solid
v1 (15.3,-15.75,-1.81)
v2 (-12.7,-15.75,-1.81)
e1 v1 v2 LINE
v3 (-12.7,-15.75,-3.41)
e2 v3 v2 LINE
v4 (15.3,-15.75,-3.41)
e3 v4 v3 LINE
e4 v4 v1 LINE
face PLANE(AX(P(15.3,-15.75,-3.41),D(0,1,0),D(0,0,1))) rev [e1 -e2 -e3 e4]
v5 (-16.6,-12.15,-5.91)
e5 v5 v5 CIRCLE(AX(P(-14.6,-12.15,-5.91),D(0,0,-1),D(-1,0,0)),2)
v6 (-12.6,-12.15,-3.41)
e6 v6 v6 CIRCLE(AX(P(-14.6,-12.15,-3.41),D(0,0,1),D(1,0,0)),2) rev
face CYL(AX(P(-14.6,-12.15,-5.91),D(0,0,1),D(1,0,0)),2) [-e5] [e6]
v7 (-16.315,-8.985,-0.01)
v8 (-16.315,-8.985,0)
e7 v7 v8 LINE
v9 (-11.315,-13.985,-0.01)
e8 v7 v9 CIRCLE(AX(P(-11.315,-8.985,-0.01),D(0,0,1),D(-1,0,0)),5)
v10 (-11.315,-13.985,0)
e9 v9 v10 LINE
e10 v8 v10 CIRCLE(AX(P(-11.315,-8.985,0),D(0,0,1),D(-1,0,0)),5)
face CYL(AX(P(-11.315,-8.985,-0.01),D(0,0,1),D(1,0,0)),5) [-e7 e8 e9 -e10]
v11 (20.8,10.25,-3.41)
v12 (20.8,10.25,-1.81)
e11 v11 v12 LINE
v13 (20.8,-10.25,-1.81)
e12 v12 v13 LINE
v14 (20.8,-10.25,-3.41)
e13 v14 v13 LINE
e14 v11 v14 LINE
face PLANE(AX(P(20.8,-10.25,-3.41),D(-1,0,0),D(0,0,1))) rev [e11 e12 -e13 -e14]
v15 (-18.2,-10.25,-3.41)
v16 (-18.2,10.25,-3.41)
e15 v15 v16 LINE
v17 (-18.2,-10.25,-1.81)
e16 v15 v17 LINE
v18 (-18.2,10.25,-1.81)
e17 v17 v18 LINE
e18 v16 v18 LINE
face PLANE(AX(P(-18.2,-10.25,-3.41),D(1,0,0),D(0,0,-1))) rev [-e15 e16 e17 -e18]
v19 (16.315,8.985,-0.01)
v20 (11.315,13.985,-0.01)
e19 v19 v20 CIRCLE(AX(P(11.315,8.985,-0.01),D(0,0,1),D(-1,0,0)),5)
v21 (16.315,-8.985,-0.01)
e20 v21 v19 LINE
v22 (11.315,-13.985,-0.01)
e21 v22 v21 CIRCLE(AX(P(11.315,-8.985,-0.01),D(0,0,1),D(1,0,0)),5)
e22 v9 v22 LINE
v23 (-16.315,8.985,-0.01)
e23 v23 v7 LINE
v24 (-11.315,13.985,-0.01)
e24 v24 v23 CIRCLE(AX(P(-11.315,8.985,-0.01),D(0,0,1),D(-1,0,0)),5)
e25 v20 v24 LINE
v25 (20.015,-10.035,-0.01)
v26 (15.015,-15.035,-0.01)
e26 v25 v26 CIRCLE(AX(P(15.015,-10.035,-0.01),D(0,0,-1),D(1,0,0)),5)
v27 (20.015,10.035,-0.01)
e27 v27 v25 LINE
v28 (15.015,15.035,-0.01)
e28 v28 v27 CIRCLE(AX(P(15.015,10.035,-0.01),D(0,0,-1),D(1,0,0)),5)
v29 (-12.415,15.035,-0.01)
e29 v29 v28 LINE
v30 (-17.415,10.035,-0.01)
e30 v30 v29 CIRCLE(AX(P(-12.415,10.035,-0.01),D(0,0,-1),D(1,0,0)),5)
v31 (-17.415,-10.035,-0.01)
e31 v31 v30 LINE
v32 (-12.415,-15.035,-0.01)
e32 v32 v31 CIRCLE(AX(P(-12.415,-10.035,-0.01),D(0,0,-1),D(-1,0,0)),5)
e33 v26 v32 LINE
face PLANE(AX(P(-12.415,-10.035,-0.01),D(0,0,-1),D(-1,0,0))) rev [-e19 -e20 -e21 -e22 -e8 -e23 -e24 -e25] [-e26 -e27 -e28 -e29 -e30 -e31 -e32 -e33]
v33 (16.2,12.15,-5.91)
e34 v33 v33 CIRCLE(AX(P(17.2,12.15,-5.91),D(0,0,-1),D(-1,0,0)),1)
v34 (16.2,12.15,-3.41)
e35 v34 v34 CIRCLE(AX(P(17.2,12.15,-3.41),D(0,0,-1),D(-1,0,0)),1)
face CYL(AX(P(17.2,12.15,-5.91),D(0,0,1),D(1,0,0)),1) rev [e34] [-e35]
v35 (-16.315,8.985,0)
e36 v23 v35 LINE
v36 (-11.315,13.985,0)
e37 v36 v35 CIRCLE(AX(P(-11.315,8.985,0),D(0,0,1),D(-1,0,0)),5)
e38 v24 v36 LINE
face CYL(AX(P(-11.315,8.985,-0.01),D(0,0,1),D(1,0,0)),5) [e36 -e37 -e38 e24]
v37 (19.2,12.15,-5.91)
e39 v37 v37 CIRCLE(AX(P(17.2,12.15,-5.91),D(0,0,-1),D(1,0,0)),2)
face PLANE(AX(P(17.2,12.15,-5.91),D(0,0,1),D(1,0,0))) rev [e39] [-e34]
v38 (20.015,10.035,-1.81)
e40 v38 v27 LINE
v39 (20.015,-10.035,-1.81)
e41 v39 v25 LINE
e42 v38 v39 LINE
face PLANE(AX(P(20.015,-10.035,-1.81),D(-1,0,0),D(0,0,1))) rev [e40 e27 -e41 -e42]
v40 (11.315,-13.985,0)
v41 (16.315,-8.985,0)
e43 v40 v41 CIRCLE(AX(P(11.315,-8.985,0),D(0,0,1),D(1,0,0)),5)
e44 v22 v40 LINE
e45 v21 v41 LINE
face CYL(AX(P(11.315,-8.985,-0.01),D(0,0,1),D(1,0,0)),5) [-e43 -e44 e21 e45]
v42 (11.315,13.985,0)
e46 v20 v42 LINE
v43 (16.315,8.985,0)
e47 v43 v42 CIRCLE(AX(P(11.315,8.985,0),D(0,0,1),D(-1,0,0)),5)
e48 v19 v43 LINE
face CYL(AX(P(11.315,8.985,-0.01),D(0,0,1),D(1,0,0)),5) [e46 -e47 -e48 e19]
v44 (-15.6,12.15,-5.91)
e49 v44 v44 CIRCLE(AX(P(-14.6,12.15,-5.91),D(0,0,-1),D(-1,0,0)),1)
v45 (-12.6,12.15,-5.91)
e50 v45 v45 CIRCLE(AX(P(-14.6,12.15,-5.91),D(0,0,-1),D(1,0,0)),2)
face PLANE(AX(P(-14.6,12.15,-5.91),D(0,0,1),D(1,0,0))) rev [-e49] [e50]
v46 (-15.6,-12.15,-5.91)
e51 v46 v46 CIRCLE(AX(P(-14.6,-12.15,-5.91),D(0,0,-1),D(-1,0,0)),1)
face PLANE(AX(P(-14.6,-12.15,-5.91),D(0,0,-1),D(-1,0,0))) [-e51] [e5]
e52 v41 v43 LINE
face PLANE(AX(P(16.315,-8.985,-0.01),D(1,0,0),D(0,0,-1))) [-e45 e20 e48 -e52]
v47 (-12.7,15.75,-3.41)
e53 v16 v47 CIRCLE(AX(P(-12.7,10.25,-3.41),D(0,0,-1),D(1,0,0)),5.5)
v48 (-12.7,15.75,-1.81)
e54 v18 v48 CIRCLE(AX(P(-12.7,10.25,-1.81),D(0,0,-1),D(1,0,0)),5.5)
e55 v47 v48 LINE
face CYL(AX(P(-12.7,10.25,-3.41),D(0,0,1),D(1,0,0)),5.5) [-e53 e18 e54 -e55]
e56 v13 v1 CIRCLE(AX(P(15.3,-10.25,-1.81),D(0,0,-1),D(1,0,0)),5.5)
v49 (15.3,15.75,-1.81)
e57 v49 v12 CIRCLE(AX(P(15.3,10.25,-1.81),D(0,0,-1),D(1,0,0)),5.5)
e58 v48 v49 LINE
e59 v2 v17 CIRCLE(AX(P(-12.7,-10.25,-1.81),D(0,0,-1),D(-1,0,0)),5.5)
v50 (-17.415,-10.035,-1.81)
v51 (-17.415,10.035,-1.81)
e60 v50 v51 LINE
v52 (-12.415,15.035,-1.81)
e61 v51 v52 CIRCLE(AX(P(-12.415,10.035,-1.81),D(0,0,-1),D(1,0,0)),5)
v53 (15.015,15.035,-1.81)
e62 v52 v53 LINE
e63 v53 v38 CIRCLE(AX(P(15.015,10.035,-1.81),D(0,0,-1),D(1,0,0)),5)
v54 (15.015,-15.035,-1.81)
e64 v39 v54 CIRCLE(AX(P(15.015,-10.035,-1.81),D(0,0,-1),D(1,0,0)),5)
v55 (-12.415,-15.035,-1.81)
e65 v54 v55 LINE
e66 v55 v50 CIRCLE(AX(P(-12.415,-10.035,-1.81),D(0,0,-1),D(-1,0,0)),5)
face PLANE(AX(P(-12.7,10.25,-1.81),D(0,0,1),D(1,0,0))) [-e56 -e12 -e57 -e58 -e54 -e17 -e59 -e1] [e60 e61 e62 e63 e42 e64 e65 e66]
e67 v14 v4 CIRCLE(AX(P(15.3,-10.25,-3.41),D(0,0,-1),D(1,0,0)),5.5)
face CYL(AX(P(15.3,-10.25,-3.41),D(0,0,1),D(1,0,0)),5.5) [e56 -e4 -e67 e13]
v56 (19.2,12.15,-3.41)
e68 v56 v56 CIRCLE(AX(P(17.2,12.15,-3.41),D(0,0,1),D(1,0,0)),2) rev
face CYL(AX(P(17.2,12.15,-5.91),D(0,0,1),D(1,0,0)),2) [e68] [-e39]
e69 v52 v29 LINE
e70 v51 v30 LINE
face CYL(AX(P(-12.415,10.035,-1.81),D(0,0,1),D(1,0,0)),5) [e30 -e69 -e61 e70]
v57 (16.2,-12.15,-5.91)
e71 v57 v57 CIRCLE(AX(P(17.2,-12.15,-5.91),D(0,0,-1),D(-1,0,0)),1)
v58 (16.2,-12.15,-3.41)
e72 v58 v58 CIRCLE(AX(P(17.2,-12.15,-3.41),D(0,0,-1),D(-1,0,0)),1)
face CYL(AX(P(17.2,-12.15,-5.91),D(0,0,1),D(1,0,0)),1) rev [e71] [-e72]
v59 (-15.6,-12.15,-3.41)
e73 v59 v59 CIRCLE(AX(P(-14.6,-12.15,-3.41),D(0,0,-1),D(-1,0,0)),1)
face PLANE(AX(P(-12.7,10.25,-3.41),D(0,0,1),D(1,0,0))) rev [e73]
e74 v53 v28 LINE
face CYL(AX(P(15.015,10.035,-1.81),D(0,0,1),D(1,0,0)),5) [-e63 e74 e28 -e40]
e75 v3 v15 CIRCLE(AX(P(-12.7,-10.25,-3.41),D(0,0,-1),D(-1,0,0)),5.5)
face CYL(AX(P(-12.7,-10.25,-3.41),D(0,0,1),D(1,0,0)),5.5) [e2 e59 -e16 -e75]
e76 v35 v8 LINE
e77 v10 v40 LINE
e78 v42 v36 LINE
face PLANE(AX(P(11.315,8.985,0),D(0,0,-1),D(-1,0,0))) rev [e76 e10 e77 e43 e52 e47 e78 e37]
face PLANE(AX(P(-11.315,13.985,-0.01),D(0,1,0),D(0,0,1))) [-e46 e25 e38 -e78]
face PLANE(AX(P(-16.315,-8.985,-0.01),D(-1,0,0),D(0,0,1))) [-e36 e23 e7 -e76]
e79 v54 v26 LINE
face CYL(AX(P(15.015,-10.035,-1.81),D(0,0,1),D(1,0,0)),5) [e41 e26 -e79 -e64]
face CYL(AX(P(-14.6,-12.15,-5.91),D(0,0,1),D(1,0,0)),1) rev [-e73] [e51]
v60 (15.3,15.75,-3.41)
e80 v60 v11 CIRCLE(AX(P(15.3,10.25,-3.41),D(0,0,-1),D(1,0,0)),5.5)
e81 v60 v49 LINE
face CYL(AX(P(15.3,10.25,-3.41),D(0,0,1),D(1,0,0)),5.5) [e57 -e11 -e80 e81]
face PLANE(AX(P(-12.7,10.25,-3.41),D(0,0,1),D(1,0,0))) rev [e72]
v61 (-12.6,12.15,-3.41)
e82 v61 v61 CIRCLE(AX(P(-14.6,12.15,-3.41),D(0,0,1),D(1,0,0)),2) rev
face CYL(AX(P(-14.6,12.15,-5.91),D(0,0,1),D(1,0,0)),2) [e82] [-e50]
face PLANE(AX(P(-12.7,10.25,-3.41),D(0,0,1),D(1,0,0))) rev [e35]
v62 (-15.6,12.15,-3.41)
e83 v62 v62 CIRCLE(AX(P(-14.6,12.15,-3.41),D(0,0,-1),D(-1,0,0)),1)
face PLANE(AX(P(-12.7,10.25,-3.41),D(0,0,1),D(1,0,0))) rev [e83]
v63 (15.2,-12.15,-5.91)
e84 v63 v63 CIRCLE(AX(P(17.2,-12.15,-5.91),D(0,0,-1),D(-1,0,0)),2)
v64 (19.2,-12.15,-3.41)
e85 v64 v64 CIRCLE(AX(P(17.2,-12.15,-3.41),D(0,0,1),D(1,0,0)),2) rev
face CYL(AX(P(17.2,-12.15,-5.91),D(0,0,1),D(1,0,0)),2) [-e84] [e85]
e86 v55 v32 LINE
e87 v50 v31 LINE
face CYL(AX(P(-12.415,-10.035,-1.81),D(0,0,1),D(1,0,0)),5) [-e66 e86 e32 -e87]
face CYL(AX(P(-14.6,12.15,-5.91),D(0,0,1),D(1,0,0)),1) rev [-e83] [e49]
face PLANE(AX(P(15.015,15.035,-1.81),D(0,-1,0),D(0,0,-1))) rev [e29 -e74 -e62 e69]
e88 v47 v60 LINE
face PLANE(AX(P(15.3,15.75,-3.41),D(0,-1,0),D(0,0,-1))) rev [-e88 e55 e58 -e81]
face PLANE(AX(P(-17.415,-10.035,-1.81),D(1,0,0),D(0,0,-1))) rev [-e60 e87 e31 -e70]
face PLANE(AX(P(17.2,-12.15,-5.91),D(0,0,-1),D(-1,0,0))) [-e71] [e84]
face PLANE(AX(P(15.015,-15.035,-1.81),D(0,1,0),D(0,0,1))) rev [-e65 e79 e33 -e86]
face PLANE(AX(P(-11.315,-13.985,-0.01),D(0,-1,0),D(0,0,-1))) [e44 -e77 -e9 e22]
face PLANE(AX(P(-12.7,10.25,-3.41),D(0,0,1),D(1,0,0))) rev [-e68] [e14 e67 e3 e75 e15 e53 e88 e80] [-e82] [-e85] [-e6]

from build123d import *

# Parameters (mm, degrees)
BOSS_EXTRU_1_DEPTH = 0.01
BOSS_EXTRU_2_DEPTH = 1.8
BOSS_EXTRU_3_DEPTH = 1.6
ESQUISSE4_R        = 2
ESQUISSE4_R_2      = 1
BOSS_EXTRU_4_DEPTH = 2.5


with BuildPart() as part:
    # Esquisse1 → Boss.-Extru.1 (new body)
    with BuildSketch(Plane.XY):
        with BuildLine():
            Line((-11.315, -13.985), (11.315, -13.985))
            ThreePointArc((11.315, -13.985), (14.850533906, -12.520533906), (16.315, -8.985))
            Line((16.315, -8.985), (16.315, 8.985))
            ThreePointArc((16.315, 8.985), (14.850533906, 12.520533906), (11.315, 13.985))
            Line((11.315, 13.985), (-11.315, 13.985))
            ThreePointArc((-11.315, 13.985), (-14.850533906, 12.520533906), (-16.315, 8.985))
            Line((-16.315, 8.985), (-16.315, -8.985))
            ThreePointArc((-16.315, -8.985), (-14.850533906, -12.520533906), (-11.315, -13.985))
        make_face()
    extrude(amount=-BOSS_EXTRU_1_DEPTH)

    # Esquisse2 → Boss.-Extru.2 (add)
    with BuildSketch(Plane(origin=(0, 0, -0.01), x_dir=(-1, 0, 0), z_dir=(0, 0, -1))):
        with BuildLine():
            Line((-15.015, -15.035), (12.415, -15.035))
            ThreePointArc((12.415, -15.035), (15.950533906, -13.570533906), (17.415, -10.035))
            Line((17.415, -10.035), (17.415, 10.035))
            ThreePointArc((17.415, 10.035), (15.950533906, 13.570533906), (12.415, 15.035))
            Line((12.415, 15.035), (-15.015, 15.035))
            ThreePointArc((-15.015, 15.035), (-18.550533906, 13.570533906), (-20.015, 10.035))
            Line((-20.015, 10.035), (-20.015, -10.035))
            ThreePointArc((-20.015, -10.035), (-18.550533906, -13.570533906), (-15.015, -15.035))
        make_face()
    extrude(amount=BOSS_EXTRU_2_DEPTH)

    # Esquisse3 → Boss.-Extru.3 (add)
    with BuildSketch(Plane(origin=(0, 0, -1.81), x_dir=(-1, 0, 0), z_dir=(0, 0, -1))):
        with BuildLine():
            Line((-15.3, -15.75), (12.7, -15.75))
            ThreePointArc((12.7, -15.75), (16.589087297, -14.139087297), (18.2, -10.25))
            Line((18.2, -10.25), (18.2, 10.25))
            ThreePointArc((18.2, 10.25), (16.589087297, 14.139087297), (12.7, 15.75))
            Line((12.7, 15.75), (-15.3, 15.75))
            ThreePointArc((-15.3, 15.75), (-19.189087297, 14.139087297), (-20.8, 10.25))
            Line((-20.8, 10.25), (-20.8, -10.25))
            ThreePointArc((-20.8, -10.25), (-19.189087297, -14.139087297), (-15.3, -15.75))
        make_face()
    extrude(amount=BOSS_EXTRU_3_DEPTH)

    # Esquisse4 → Boss.-Extru.4 (add)
    # profile 1 of 4: a face of its own
    with BuildSketch(Plane(origin=(0, 0, -3.41), x_dir=(-1, 0, 0), z_dir=(0, 0, -1))):
        with Locations(Location((-17.2, -12.15, 0), (0, 0, 180))):
            Circle(ESQUISSE4_R)
        with Locations((-17.2, -12.15)):
            Circle(ESQUISSE4_R_2, mode=Mode.SUBTRACT)
    # profile 2 of 4: a face of its own
    with BuildSketch(Plane(origin=(0, 0, -3.41), x_dir=(-1, 0, 0), z_dir=(0, 0, -1))):
        with Locations(Location((14.6, -12.15, 0), (0, 0, 180))):
            Circle(ESQUISSE4_R)
        with Locations((14.6, -12.15)):
            Circle(ESQUISSE4_R_2, mode=Mode.SUBTRACT)
    # profile 3 of 4: a face of its own
    with BuildSketch(Plane(origin=(0, 0, -3.41), x_dir=(-1, 0, 0), z_dir=(0, 0, -1))):
        with Locations(Location((-17.2, 12.15, 0), (0, 0, 180))):
            Circle(ESQUISSE4_R)
        with Locations((-17.2, 12.15)):
            Circle(ESQUISSE4_R_2, mode=Mode.SUBTRACT)
    # profile 4 of 4: a face of its own
    with BuildSketch(Plane(origin=(0, 0, -3.41), x_dir=(-1, 0, 0), z_dir=(0, 0, -1))):
        with Locations(Location((14.6, 12.15, 0), (0, 0, 180))):
            Circle(ESQUISSE4_R)
        with Locations((14.6, 12.15)):
            Circle(ESQUISSE4_R_2, mode=Mode.SUBTRACT)
    extrude(amount=BOSS_EXTRU_4_DEPTH)


solid = part.part
